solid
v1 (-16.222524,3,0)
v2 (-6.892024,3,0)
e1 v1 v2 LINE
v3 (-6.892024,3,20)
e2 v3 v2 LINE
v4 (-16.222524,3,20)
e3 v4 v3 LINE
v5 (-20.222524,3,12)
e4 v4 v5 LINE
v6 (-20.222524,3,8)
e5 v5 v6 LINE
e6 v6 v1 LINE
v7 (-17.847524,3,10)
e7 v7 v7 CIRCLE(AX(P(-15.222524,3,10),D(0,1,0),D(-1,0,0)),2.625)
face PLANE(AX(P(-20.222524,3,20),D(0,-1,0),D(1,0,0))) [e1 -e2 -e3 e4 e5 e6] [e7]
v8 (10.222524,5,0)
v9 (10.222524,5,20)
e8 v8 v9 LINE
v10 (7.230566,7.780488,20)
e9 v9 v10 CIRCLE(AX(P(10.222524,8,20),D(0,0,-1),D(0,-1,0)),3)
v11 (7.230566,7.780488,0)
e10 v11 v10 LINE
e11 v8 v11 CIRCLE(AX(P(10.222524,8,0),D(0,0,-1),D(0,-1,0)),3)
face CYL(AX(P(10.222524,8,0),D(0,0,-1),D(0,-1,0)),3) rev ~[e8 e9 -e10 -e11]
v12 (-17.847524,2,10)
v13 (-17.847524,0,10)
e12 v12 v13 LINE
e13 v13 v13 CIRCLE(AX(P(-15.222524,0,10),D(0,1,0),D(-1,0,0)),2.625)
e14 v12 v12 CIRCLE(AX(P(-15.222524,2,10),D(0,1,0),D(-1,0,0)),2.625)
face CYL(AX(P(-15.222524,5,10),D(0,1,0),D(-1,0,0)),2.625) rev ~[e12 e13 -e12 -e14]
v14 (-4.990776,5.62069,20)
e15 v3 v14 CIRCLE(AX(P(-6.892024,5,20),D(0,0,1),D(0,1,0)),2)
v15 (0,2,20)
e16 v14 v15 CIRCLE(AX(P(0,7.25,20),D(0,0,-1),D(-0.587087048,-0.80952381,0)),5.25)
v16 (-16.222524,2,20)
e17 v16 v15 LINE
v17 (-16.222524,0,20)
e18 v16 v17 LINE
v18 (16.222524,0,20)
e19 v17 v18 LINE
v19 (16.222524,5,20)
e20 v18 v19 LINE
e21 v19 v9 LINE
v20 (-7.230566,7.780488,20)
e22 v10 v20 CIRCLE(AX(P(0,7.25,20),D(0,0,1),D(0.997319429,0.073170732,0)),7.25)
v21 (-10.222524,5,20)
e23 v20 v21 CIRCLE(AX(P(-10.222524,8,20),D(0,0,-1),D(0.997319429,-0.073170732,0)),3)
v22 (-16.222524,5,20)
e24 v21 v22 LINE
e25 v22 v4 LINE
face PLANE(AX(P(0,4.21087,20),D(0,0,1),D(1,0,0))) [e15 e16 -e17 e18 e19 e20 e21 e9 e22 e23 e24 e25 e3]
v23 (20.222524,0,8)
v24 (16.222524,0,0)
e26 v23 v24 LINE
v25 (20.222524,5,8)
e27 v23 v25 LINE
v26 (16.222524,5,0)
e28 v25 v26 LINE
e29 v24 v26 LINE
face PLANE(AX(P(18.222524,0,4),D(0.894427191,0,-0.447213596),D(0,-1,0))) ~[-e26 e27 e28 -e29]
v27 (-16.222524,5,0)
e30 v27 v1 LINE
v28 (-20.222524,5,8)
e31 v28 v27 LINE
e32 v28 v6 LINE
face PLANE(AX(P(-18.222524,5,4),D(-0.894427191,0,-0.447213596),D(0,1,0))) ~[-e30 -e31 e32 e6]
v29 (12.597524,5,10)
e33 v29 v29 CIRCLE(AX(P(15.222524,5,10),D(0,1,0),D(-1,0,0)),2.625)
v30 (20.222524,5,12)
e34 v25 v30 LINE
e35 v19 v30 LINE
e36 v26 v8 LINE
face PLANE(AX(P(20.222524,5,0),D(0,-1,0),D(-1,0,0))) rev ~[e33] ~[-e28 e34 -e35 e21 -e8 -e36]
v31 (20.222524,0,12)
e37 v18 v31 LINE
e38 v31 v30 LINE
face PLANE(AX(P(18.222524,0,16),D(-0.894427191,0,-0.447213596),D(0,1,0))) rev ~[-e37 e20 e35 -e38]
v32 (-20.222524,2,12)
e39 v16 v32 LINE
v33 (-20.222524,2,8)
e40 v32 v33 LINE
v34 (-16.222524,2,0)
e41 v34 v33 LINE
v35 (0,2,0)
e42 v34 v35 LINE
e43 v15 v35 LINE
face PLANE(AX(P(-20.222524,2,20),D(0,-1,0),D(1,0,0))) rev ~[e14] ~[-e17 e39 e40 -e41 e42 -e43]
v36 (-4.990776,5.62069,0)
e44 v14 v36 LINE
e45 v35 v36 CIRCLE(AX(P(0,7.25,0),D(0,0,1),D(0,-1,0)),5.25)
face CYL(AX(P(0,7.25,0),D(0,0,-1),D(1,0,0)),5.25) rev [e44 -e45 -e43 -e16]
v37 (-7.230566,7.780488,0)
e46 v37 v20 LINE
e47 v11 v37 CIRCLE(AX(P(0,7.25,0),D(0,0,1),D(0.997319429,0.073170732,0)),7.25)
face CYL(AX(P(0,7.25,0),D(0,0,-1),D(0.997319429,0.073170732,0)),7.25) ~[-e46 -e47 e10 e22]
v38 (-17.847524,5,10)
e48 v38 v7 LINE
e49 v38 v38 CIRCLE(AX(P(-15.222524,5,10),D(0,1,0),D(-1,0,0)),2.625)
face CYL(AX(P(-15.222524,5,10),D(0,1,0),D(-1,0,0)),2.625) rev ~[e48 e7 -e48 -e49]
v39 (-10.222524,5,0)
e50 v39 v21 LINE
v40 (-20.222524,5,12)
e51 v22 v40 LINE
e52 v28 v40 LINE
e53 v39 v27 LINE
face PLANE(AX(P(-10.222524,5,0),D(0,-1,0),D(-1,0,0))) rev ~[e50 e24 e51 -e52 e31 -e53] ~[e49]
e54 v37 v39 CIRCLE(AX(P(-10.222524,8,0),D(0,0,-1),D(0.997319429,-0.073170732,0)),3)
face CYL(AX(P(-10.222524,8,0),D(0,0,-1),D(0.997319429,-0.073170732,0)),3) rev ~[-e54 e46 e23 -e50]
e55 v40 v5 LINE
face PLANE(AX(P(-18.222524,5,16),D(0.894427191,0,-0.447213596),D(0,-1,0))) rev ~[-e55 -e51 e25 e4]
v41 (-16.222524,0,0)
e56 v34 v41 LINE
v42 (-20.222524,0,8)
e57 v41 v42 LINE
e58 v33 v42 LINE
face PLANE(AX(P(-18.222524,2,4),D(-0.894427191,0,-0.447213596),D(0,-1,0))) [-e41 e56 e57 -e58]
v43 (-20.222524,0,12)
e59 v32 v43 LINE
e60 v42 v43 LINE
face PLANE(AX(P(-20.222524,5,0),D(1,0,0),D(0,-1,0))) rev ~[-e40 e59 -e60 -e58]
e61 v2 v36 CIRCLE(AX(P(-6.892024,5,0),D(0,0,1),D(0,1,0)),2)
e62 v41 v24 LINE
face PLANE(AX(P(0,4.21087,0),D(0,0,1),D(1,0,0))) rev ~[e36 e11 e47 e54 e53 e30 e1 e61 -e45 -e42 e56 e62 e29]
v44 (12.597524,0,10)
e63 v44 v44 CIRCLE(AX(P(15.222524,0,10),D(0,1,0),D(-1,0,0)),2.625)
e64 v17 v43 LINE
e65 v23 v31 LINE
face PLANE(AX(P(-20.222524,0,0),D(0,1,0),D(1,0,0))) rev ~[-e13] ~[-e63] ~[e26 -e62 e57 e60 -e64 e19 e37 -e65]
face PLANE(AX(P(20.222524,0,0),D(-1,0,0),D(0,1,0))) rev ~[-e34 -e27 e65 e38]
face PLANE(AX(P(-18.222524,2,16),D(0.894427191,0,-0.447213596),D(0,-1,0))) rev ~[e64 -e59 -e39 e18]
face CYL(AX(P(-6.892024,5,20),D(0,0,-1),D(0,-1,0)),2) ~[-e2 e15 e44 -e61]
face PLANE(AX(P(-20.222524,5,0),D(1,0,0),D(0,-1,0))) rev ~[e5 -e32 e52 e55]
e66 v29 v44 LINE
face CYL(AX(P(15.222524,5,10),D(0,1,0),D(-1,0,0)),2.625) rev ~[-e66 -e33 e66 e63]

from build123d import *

# Parameters (mm, degrees)
F0_R       = 5.25
F1_DEPTH   = 20
F2_W       = 20.2225241501
F2_H       = 1
F3_DEPTH   = 20.001
F4_R       = 2.625
F5_DEPTH   = 5.001
F6_SIZE2   = 8
F6_SIZE    = 4
F7_SIZE2   = 4
F7_SIZE    = 8
F7_2_SIZE2 = 4
F7_2_SIZE  = 8
F8_R       = 2


with BuildPart() as f1:
    # F0 (on Top) → F1 (new body)
    with BuildSketch(Plane.XY):
        with BuildLine():
            Line((-10.2225241501, 5), (-20.2225241501, 5))
            Line((-20.2225241501, 5), (-20.2225241501, 0))
            Line((-20.2225241501, 0), (20.2225241501, 0))
            Line((20.2225241501, 0), (20.2225241501, 5))
            Line((20.2225241501, 5), (10.2225241501, 5))
            ThreePointArc((10.2225241501, 5), (8.180287213, 5.8024403779), (7.2305658623, 7.7804878049))
            ThreePointArc((7.2305658623, 7.7804878049), (0, 14.5), (-7.2305658623, 7.7804878049))
            ThreePointArc((-7.2305658623, 7.7804878049), (-8.180287213, 5.8024403779), (-10.2225241501, 5))
        make_face()
        with Locations((0, 7.25)):
            Circle(F0_R, mode=Mode.SUBTRACT)
    extrude(amount=F1_DEPTH)

    # F2 (on face) → F3 (cut, through all)
    with BuildSketch(Plane.XY.offset(20)):
        with Locations((-10.1112620751, 2.5)):
            Rectangle(F2_W, F2_H)
    extrude(amount=-F3_DEPTH, mode=Mode.SUBTRACT)

    # F4 (on face) → F5 (cut, through all)
    with BuildSketch(Plane(origin=(0, 5, 0), x_dir=(-1, 0, 0), z_dir=(0, 1, 0))):
        with Locations((-15.2225241501, 10)):
            Circle(F4_R)
        with Locations((15.2225241501, 10)):
            Circle(F4_R)
    extrude(amount=-F5_DEPTH, mode=Mode.SUBTRACT)

    # F6
    f6_edges = [f1.edges().sort_by_distance(p)[0] for p in [
        (-20.222524, 1, 20),
        (-20.222524, 4, 20),
        (20.222524, 2.5, 20),
        (-20.222524, 1, 0),
    ]]
    chamfer(f6_edges, length=F6_SIZE, length2=F6_SIZE2)

    # F7
    f7_edges = [f1.edges().sort_by_distance(p)[0] for p in [
        (20.222524, 2.5, 0),
    ]]
    f7_side = f1.faces().sort_by_distance((20.222524, 2.5, 6))[0]
    chamfer(f7_edges, length=F7_SIZE, length2=F7_SIZE2, reference=f7_side)

    # F7#2
    f7_2_edges = [f1.edges().sort_by_distance(p)[0] for p in [
        (-20.222524, 4, 0),
    ]]
    f7_2_side = f1.faces().sort_by_distance((-20.222524, 4, 6))[0]
    chamfer(f7_2_edges, length=F7_2_SIZE, length2=F7_2_SIZE2, reference=f7_2_side)

    # F8
    f8_edges = [f1.edges().sort_by_distance(p)[0] for p in [
        (-3.082207, 3, 10),
    ]]
    fillet(f8_edges, radius=F8_R)


solid = f1.part
